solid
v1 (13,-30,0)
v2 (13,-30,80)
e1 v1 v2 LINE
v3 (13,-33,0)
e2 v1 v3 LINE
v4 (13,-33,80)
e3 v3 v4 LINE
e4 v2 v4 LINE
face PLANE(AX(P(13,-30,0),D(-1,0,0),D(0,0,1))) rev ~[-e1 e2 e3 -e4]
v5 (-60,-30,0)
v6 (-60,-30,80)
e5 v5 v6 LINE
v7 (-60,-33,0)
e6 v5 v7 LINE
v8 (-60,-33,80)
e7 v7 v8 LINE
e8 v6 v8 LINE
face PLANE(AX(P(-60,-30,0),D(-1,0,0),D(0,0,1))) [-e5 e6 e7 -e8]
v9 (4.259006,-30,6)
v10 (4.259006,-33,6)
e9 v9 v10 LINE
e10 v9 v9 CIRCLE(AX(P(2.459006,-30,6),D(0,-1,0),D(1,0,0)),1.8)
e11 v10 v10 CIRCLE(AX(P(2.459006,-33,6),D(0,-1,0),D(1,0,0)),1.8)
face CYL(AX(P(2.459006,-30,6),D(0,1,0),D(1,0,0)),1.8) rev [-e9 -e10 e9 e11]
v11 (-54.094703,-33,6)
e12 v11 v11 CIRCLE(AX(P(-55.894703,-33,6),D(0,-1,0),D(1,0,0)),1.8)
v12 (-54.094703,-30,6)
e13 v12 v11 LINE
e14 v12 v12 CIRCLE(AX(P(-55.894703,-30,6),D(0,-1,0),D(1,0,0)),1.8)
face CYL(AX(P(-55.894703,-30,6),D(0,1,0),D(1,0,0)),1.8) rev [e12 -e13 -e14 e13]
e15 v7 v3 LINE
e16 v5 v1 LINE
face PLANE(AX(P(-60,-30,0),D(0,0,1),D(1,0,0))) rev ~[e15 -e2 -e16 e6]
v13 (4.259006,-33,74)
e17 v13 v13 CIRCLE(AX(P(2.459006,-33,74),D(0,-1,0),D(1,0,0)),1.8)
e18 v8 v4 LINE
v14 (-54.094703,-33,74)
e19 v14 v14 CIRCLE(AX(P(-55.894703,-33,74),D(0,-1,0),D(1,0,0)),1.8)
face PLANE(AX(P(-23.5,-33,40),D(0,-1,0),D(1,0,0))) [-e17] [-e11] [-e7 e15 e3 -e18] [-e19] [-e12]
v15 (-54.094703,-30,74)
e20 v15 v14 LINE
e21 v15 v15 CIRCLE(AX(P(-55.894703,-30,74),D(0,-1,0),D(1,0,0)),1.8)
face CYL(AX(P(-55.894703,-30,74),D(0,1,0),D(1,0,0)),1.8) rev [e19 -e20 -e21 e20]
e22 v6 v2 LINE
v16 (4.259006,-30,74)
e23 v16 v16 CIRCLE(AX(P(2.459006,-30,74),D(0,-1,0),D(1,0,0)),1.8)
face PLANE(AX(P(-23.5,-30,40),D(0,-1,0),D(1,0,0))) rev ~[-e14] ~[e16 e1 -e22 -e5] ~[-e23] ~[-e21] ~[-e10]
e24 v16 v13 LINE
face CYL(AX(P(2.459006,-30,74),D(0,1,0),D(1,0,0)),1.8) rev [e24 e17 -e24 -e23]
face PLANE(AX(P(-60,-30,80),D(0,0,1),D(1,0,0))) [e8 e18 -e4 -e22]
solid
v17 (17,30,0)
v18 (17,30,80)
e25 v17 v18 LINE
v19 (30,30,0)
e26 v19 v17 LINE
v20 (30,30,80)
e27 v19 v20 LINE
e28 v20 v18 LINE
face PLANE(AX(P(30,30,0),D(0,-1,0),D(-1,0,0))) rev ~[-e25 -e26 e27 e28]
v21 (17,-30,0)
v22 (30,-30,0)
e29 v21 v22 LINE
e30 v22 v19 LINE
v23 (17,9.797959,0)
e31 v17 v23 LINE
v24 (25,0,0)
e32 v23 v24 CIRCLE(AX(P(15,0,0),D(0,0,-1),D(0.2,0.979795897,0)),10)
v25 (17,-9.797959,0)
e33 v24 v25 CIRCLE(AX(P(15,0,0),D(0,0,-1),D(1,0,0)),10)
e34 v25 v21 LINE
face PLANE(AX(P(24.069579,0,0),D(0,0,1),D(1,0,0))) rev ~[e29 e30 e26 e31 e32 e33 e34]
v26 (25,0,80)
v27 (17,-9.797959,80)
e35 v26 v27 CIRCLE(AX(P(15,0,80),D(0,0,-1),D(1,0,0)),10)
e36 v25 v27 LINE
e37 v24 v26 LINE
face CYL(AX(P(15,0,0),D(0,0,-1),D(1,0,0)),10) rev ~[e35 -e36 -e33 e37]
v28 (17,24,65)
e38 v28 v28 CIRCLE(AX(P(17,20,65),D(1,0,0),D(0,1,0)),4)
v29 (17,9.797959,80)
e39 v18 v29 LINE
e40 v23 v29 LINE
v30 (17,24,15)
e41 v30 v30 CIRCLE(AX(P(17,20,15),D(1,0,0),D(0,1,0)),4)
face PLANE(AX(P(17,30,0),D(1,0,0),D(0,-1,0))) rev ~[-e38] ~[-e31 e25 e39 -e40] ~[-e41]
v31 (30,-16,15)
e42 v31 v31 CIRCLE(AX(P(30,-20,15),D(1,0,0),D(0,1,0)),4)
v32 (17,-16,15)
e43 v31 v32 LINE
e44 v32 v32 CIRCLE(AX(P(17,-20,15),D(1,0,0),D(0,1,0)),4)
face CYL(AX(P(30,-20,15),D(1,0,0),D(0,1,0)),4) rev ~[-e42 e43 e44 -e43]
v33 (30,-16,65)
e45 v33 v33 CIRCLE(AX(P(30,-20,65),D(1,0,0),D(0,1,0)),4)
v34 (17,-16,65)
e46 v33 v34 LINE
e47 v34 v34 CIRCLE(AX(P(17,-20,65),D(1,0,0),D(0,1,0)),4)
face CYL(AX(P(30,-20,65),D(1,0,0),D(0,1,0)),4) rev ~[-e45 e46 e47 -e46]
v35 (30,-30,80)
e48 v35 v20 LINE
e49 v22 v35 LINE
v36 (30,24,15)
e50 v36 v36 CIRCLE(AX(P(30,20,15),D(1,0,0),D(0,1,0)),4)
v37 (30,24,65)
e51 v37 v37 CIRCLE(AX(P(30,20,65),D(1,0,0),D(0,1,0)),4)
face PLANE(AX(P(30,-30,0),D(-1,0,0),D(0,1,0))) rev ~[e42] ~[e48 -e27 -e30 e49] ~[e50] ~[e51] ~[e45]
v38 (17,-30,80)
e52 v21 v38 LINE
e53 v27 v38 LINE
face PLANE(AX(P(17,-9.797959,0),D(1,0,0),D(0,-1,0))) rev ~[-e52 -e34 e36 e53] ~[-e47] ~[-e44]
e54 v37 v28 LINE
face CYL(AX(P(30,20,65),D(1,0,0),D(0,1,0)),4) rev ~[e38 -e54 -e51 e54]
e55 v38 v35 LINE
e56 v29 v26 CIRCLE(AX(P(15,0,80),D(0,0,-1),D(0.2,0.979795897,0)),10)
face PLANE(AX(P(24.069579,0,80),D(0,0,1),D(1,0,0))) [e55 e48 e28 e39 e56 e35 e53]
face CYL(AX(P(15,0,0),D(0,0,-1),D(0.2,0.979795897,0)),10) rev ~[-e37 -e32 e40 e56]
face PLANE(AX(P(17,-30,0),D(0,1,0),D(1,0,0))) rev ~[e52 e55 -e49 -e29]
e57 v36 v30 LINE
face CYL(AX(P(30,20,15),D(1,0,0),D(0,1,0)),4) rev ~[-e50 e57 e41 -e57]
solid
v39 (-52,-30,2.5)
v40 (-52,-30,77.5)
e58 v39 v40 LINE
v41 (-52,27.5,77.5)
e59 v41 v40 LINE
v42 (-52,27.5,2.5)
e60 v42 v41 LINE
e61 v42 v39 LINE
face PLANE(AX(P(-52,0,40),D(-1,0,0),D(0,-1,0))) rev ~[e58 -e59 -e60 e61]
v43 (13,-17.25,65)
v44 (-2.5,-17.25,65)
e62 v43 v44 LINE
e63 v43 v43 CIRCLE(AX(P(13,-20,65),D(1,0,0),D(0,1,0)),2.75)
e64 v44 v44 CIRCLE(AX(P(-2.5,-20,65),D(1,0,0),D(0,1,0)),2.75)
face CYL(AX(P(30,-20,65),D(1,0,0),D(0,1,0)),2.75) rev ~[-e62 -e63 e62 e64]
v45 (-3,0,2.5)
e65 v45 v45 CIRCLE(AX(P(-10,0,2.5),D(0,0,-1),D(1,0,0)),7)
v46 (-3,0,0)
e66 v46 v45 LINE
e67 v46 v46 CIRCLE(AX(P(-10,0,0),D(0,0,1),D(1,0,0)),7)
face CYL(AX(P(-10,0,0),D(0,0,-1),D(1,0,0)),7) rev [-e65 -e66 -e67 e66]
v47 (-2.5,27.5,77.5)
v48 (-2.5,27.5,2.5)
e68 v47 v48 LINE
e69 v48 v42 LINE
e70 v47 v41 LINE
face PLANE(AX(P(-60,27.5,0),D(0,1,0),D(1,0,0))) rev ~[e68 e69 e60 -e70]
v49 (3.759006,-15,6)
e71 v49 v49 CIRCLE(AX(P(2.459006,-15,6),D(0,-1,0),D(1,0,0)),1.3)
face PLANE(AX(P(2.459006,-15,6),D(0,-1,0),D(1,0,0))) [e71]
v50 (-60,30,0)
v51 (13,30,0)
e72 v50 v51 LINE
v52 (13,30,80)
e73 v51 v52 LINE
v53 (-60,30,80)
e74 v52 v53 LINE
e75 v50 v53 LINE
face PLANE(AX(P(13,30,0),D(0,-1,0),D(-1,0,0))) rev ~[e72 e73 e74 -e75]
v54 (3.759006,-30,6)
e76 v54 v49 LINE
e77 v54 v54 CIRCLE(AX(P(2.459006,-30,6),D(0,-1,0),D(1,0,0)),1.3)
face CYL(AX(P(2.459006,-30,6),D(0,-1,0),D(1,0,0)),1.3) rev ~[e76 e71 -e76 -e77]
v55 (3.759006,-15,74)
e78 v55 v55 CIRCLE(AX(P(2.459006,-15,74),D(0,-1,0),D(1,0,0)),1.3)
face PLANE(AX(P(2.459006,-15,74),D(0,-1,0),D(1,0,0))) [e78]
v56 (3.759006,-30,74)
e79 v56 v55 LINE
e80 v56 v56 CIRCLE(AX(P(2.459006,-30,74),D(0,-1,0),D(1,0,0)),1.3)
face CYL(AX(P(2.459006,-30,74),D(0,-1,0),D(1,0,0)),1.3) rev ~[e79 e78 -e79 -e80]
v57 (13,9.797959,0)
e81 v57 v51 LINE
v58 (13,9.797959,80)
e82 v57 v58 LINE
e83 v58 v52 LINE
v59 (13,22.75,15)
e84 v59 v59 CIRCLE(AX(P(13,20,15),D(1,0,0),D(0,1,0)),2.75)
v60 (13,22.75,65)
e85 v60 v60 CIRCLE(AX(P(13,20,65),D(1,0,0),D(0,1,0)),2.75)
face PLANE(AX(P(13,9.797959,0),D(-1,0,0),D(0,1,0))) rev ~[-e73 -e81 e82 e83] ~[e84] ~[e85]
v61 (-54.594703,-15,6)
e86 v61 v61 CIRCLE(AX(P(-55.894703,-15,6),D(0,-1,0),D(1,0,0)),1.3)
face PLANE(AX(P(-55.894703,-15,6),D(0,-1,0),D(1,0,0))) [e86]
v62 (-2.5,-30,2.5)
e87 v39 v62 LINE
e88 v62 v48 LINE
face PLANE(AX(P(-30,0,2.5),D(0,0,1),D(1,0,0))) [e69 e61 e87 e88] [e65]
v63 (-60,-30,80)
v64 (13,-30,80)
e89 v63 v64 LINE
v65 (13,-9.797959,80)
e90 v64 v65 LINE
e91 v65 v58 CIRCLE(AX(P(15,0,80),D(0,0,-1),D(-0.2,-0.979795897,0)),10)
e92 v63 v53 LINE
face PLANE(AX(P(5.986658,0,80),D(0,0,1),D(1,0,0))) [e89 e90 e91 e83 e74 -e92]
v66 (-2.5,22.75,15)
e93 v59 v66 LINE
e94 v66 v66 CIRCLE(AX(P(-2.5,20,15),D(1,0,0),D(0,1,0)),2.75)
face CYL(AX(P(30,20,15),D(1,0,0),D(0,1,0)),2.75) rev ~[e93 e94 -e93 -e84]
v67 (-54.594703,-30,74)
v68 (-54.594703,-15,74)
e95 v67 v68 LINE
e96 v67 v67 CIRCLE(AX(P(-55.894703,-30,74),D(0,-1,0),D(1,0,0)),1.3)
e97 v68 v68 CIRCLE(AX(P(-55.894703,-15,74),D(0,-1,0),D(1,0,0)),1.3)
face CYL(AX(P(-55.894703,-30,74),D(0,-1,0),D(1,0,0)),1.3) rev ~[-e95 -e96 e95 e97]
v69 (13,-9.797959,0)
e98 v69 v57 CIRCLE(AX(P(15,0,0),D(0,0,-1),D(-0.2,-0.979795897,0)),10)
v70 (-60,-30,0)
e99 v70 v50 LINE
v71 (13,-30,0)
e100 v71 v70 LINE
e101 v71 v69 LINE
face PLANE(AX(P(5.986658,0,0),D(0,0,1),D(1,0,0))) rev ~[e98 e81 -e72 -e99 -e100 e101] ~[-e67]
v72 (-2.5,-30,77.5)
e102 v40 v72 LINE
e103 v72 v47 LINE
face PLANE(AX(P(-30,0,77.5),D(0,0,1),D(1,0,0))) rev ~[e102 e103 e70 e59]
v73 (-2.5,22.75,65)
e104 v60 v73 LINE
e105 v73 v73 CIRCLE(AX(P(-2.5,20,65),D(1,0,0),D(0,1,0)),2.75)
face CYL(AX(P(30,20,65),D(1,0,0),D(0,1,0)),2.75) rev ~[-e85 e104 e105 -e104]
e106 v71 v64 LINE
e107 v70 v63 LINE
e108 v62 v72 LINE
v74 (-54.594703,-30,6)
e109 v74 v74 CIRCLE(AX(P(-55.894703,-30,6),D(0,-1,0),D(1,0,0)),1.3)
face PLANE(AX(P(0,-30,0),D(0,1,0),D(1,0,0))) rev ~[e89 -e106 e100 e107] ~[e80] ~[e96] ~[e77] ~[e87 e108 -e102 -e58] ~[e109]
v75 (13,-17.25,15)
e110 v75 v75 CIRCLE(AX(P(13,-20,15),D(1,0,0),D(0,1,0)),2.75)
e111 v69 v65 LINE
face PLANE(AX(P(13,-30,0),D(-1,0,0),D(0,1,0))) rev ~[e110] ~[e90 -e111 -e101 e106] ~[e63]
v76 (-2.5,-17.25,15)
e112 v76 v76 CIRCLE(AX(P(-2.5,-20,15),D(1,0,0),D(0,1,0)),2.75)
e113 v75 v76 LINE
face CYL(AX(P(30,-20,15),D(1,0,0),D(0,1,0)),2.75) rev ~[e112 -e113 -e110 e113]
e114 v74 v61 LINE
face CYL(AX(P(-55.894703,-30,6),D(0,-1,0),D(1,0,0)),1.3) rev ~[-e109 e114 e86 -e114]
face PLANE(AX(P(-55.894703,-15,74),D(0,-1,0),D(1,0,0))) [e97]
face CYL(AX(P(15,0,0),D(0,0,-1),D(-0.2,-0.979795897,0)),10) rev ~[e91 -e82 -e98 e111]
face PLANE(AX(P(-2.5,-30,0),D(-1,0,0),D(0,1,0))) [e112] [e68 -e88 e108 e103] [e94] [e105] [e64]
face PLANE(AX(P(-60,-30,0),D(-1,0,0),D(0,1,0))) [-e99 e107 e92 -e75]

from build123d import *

# Parameters (mm, degrees)
F1_DEPTH  = 80
F0_W      = 60
F0_H      = 60
F2_DEPTH  = 80
F3_T      = -2.5
F4_W      = 60
F4_H      = 80
F5_DEPTH  = 8
F7_R      = 2.75
F8_DEPTH  = 35
F7_R_2    = 4
F9_DEPTH  = 15
F10_R     = 7
F11_DEPTH = 25
F12_W     = 73
F12_H     = 80
F12_R     = 1.8
F12_W_2   = 49.5
F12_H_2   = 75
F13_DEPTH = 3
F12_R_2   = 1.3
F14_DEPTH = 15


with BuildPart() as f1:
    # F0 (on Top) → F1 (new body)
    with BuildSketch(Plane.XY):
        with BuildLine():
            ThreePointArc((17, 9.7979589711), (22.7459666924, 6.3245553203), (25, 0))
            ThreePointArc((25, 0), (22.7459666924, -6.3245553203), (17, -9.7979589711))
            Line((17, -9.7979589711), (17, -30))
            Line((17, -30), (30, -30))
            Line((30, -30), (30, 30))
            Line((30, 30), (17, 30))
            Line((17, 30), (17, 9.7979589711))
        make_face()
    extrude(amount=F1_DEPTH)


with BuildPart() as f1b:
    # F0 (on Top) → F1, piece 2 (new body)
    with BuildSketch(Plane.XY):
        with BuildLine():
            ThreePointArc((13, -9.7979589711), (5, 0), (13, 9.7979589711))
            Line((13, 9.7979589711), (13, 30))
            Line((13, 30), (0, 30))
            Line((0, 30), (0, -30))
            Line((0, -30), (13, -30))
            Line((13, -30), (13, -9.7979589711))
        make_face()
    extrude(amount=F1_DEPTH)


with BuildPart() as f2:
    # F0 (on Top) → F2 (new body)
    with BuildSketch(Plane.XY):
        with Locations((-30, 0)):
            Rectangle(F0_W, F0_H)
    extrude(amount=F2_DEPTH)

    # F3
    f3_openings = [f2.faces().sort_by_distance(p)[0] for p in [
        (-30, -30, 40),
    ]]
    offset(amount=F3_T, openings=f3_openings)

    # F4 (on face) → F5 (join)
    with BuildSketch(Plane(origin=(-60, 0, 0), x_dir=(0, -1, 0), z_dir=(-1, 0, 0))):
        with Locations((0, 40)):
            Rectangle(F4_W, F4_H)
    extrude(amount=-F5_DEPTH)

    # F6: union F1b
    add(f1b.part)


with BuildPart() as f8_tool:
    # F7 (on face) → F8 (new body)
    with BuildSketch(Plane.YZ.offset(30)):
        with Locations((-20, 65)):
            Circle(F7_R)
        with Locations((20, 65)):
            Circle(F7_R)
        with Locations((20, 15)):
            Circle(F7_R)
        with Locations((-20, 15)):
            Circle(F7_R)
    extrude(amount=-F8_DEPTH)


with BuildPart() as f1_1:
    add(f1.part)

    # F8: cut by f8_tool
    add(f8_tool.part, mode=Mode.SUBTRACT)

    # F7 (on face) → F9 (cut)
    with BuildSketch(Plane.YZ.offset(30)):
        with Locations((-20, 65)):
            Circle(F7_R_2)
        with Locations((-20, 65)):
            Circle(F7_R, mode=Mode.SUBTRACT)
        with Locations((20, 65)):
            Circle(F7_R_2)
        with Locations((20, 65)):
            Circle(F7_R, mode=Mode.SUBTRACT)
        with Locations((20, 15)):
            Circle(F7_R_2)
        with Locations((20, 15)):
            Circle(F7_R, mode=Mode.SUBTRACT)
        with Locations((-20, 15)):
            Circle(F7_R_2)
        with Locations((-20, 15)):
            Circle(F7_R, mode=Mode.SUBTRACT)
    extrude(amount=-F9_DEPTH, mode=Mode.SUBTRACT)


with BuildPart() as f2_1:
    add(f2.part)

    # F8: cut by f8_tool
    add(f8_tool.part, mode=Mode.SUBTRACT)

    # F10 (on face) → F11 (cut)
    with BuildSketch(Plane.XY):
        with Locations((-10, 0)):
            Circle(F10_R)
    extrude(amount=F11_DEPTH, mode=Mode.SUBTRACT)

    # F12 (on face) → F14 (cut)
    with BuildSketch(Plane.XZ.offset(30)):
        with Locations((-55.894702673, 74)):
            Circle(F12_R_2)
        with Locations((2.4590059184, 74)):
            Circle(F12_R_2)
        with Locations((-55.894702673, 6)):
            Circle(F12_R_2)
        with Locations((2.4590059184, 6)):
            Circle(F12_R_2)
    extrude(amount=-F14_DEPTH, mode=Mode.SUBTRACT)


with BuildPart() as f13:
    # F12 (on face) → F13 (new body)
    with BuildSketch(Plane.XZ.offset(30)):
        with Locations((-23.5, 40)):
            Rectangle(F12_W, F12_H)
        with Locations((-55.894702673, 6)):
            Circle(F12_R, mode=Mode.SUBTRACT)
        with Locations((2.4590059184, 6)):
            Circle(F12_R, mode=Mode.SUBTRACT)
        with Locations((-27.25, 40)):
            Rectangle(F12_W_2, F12_H_2, mode=Mode.SUBTRACT)
        with Locations((-55.894702673, 74)):
            Circle(F12_R, mode=Mode.SUBTRACT)
        with Locations((2.4590059184, 74)):
            Circle(F12_R, mode=Mode.SUBTRACT)
        with Locations((-27.25, 40)):
            Rectangle(F12_W_2, F12_H_2)
    extrude(amount=F13_DEPTH)


solid = Compound([f1_1.part, f2_1.part, f13.part])
